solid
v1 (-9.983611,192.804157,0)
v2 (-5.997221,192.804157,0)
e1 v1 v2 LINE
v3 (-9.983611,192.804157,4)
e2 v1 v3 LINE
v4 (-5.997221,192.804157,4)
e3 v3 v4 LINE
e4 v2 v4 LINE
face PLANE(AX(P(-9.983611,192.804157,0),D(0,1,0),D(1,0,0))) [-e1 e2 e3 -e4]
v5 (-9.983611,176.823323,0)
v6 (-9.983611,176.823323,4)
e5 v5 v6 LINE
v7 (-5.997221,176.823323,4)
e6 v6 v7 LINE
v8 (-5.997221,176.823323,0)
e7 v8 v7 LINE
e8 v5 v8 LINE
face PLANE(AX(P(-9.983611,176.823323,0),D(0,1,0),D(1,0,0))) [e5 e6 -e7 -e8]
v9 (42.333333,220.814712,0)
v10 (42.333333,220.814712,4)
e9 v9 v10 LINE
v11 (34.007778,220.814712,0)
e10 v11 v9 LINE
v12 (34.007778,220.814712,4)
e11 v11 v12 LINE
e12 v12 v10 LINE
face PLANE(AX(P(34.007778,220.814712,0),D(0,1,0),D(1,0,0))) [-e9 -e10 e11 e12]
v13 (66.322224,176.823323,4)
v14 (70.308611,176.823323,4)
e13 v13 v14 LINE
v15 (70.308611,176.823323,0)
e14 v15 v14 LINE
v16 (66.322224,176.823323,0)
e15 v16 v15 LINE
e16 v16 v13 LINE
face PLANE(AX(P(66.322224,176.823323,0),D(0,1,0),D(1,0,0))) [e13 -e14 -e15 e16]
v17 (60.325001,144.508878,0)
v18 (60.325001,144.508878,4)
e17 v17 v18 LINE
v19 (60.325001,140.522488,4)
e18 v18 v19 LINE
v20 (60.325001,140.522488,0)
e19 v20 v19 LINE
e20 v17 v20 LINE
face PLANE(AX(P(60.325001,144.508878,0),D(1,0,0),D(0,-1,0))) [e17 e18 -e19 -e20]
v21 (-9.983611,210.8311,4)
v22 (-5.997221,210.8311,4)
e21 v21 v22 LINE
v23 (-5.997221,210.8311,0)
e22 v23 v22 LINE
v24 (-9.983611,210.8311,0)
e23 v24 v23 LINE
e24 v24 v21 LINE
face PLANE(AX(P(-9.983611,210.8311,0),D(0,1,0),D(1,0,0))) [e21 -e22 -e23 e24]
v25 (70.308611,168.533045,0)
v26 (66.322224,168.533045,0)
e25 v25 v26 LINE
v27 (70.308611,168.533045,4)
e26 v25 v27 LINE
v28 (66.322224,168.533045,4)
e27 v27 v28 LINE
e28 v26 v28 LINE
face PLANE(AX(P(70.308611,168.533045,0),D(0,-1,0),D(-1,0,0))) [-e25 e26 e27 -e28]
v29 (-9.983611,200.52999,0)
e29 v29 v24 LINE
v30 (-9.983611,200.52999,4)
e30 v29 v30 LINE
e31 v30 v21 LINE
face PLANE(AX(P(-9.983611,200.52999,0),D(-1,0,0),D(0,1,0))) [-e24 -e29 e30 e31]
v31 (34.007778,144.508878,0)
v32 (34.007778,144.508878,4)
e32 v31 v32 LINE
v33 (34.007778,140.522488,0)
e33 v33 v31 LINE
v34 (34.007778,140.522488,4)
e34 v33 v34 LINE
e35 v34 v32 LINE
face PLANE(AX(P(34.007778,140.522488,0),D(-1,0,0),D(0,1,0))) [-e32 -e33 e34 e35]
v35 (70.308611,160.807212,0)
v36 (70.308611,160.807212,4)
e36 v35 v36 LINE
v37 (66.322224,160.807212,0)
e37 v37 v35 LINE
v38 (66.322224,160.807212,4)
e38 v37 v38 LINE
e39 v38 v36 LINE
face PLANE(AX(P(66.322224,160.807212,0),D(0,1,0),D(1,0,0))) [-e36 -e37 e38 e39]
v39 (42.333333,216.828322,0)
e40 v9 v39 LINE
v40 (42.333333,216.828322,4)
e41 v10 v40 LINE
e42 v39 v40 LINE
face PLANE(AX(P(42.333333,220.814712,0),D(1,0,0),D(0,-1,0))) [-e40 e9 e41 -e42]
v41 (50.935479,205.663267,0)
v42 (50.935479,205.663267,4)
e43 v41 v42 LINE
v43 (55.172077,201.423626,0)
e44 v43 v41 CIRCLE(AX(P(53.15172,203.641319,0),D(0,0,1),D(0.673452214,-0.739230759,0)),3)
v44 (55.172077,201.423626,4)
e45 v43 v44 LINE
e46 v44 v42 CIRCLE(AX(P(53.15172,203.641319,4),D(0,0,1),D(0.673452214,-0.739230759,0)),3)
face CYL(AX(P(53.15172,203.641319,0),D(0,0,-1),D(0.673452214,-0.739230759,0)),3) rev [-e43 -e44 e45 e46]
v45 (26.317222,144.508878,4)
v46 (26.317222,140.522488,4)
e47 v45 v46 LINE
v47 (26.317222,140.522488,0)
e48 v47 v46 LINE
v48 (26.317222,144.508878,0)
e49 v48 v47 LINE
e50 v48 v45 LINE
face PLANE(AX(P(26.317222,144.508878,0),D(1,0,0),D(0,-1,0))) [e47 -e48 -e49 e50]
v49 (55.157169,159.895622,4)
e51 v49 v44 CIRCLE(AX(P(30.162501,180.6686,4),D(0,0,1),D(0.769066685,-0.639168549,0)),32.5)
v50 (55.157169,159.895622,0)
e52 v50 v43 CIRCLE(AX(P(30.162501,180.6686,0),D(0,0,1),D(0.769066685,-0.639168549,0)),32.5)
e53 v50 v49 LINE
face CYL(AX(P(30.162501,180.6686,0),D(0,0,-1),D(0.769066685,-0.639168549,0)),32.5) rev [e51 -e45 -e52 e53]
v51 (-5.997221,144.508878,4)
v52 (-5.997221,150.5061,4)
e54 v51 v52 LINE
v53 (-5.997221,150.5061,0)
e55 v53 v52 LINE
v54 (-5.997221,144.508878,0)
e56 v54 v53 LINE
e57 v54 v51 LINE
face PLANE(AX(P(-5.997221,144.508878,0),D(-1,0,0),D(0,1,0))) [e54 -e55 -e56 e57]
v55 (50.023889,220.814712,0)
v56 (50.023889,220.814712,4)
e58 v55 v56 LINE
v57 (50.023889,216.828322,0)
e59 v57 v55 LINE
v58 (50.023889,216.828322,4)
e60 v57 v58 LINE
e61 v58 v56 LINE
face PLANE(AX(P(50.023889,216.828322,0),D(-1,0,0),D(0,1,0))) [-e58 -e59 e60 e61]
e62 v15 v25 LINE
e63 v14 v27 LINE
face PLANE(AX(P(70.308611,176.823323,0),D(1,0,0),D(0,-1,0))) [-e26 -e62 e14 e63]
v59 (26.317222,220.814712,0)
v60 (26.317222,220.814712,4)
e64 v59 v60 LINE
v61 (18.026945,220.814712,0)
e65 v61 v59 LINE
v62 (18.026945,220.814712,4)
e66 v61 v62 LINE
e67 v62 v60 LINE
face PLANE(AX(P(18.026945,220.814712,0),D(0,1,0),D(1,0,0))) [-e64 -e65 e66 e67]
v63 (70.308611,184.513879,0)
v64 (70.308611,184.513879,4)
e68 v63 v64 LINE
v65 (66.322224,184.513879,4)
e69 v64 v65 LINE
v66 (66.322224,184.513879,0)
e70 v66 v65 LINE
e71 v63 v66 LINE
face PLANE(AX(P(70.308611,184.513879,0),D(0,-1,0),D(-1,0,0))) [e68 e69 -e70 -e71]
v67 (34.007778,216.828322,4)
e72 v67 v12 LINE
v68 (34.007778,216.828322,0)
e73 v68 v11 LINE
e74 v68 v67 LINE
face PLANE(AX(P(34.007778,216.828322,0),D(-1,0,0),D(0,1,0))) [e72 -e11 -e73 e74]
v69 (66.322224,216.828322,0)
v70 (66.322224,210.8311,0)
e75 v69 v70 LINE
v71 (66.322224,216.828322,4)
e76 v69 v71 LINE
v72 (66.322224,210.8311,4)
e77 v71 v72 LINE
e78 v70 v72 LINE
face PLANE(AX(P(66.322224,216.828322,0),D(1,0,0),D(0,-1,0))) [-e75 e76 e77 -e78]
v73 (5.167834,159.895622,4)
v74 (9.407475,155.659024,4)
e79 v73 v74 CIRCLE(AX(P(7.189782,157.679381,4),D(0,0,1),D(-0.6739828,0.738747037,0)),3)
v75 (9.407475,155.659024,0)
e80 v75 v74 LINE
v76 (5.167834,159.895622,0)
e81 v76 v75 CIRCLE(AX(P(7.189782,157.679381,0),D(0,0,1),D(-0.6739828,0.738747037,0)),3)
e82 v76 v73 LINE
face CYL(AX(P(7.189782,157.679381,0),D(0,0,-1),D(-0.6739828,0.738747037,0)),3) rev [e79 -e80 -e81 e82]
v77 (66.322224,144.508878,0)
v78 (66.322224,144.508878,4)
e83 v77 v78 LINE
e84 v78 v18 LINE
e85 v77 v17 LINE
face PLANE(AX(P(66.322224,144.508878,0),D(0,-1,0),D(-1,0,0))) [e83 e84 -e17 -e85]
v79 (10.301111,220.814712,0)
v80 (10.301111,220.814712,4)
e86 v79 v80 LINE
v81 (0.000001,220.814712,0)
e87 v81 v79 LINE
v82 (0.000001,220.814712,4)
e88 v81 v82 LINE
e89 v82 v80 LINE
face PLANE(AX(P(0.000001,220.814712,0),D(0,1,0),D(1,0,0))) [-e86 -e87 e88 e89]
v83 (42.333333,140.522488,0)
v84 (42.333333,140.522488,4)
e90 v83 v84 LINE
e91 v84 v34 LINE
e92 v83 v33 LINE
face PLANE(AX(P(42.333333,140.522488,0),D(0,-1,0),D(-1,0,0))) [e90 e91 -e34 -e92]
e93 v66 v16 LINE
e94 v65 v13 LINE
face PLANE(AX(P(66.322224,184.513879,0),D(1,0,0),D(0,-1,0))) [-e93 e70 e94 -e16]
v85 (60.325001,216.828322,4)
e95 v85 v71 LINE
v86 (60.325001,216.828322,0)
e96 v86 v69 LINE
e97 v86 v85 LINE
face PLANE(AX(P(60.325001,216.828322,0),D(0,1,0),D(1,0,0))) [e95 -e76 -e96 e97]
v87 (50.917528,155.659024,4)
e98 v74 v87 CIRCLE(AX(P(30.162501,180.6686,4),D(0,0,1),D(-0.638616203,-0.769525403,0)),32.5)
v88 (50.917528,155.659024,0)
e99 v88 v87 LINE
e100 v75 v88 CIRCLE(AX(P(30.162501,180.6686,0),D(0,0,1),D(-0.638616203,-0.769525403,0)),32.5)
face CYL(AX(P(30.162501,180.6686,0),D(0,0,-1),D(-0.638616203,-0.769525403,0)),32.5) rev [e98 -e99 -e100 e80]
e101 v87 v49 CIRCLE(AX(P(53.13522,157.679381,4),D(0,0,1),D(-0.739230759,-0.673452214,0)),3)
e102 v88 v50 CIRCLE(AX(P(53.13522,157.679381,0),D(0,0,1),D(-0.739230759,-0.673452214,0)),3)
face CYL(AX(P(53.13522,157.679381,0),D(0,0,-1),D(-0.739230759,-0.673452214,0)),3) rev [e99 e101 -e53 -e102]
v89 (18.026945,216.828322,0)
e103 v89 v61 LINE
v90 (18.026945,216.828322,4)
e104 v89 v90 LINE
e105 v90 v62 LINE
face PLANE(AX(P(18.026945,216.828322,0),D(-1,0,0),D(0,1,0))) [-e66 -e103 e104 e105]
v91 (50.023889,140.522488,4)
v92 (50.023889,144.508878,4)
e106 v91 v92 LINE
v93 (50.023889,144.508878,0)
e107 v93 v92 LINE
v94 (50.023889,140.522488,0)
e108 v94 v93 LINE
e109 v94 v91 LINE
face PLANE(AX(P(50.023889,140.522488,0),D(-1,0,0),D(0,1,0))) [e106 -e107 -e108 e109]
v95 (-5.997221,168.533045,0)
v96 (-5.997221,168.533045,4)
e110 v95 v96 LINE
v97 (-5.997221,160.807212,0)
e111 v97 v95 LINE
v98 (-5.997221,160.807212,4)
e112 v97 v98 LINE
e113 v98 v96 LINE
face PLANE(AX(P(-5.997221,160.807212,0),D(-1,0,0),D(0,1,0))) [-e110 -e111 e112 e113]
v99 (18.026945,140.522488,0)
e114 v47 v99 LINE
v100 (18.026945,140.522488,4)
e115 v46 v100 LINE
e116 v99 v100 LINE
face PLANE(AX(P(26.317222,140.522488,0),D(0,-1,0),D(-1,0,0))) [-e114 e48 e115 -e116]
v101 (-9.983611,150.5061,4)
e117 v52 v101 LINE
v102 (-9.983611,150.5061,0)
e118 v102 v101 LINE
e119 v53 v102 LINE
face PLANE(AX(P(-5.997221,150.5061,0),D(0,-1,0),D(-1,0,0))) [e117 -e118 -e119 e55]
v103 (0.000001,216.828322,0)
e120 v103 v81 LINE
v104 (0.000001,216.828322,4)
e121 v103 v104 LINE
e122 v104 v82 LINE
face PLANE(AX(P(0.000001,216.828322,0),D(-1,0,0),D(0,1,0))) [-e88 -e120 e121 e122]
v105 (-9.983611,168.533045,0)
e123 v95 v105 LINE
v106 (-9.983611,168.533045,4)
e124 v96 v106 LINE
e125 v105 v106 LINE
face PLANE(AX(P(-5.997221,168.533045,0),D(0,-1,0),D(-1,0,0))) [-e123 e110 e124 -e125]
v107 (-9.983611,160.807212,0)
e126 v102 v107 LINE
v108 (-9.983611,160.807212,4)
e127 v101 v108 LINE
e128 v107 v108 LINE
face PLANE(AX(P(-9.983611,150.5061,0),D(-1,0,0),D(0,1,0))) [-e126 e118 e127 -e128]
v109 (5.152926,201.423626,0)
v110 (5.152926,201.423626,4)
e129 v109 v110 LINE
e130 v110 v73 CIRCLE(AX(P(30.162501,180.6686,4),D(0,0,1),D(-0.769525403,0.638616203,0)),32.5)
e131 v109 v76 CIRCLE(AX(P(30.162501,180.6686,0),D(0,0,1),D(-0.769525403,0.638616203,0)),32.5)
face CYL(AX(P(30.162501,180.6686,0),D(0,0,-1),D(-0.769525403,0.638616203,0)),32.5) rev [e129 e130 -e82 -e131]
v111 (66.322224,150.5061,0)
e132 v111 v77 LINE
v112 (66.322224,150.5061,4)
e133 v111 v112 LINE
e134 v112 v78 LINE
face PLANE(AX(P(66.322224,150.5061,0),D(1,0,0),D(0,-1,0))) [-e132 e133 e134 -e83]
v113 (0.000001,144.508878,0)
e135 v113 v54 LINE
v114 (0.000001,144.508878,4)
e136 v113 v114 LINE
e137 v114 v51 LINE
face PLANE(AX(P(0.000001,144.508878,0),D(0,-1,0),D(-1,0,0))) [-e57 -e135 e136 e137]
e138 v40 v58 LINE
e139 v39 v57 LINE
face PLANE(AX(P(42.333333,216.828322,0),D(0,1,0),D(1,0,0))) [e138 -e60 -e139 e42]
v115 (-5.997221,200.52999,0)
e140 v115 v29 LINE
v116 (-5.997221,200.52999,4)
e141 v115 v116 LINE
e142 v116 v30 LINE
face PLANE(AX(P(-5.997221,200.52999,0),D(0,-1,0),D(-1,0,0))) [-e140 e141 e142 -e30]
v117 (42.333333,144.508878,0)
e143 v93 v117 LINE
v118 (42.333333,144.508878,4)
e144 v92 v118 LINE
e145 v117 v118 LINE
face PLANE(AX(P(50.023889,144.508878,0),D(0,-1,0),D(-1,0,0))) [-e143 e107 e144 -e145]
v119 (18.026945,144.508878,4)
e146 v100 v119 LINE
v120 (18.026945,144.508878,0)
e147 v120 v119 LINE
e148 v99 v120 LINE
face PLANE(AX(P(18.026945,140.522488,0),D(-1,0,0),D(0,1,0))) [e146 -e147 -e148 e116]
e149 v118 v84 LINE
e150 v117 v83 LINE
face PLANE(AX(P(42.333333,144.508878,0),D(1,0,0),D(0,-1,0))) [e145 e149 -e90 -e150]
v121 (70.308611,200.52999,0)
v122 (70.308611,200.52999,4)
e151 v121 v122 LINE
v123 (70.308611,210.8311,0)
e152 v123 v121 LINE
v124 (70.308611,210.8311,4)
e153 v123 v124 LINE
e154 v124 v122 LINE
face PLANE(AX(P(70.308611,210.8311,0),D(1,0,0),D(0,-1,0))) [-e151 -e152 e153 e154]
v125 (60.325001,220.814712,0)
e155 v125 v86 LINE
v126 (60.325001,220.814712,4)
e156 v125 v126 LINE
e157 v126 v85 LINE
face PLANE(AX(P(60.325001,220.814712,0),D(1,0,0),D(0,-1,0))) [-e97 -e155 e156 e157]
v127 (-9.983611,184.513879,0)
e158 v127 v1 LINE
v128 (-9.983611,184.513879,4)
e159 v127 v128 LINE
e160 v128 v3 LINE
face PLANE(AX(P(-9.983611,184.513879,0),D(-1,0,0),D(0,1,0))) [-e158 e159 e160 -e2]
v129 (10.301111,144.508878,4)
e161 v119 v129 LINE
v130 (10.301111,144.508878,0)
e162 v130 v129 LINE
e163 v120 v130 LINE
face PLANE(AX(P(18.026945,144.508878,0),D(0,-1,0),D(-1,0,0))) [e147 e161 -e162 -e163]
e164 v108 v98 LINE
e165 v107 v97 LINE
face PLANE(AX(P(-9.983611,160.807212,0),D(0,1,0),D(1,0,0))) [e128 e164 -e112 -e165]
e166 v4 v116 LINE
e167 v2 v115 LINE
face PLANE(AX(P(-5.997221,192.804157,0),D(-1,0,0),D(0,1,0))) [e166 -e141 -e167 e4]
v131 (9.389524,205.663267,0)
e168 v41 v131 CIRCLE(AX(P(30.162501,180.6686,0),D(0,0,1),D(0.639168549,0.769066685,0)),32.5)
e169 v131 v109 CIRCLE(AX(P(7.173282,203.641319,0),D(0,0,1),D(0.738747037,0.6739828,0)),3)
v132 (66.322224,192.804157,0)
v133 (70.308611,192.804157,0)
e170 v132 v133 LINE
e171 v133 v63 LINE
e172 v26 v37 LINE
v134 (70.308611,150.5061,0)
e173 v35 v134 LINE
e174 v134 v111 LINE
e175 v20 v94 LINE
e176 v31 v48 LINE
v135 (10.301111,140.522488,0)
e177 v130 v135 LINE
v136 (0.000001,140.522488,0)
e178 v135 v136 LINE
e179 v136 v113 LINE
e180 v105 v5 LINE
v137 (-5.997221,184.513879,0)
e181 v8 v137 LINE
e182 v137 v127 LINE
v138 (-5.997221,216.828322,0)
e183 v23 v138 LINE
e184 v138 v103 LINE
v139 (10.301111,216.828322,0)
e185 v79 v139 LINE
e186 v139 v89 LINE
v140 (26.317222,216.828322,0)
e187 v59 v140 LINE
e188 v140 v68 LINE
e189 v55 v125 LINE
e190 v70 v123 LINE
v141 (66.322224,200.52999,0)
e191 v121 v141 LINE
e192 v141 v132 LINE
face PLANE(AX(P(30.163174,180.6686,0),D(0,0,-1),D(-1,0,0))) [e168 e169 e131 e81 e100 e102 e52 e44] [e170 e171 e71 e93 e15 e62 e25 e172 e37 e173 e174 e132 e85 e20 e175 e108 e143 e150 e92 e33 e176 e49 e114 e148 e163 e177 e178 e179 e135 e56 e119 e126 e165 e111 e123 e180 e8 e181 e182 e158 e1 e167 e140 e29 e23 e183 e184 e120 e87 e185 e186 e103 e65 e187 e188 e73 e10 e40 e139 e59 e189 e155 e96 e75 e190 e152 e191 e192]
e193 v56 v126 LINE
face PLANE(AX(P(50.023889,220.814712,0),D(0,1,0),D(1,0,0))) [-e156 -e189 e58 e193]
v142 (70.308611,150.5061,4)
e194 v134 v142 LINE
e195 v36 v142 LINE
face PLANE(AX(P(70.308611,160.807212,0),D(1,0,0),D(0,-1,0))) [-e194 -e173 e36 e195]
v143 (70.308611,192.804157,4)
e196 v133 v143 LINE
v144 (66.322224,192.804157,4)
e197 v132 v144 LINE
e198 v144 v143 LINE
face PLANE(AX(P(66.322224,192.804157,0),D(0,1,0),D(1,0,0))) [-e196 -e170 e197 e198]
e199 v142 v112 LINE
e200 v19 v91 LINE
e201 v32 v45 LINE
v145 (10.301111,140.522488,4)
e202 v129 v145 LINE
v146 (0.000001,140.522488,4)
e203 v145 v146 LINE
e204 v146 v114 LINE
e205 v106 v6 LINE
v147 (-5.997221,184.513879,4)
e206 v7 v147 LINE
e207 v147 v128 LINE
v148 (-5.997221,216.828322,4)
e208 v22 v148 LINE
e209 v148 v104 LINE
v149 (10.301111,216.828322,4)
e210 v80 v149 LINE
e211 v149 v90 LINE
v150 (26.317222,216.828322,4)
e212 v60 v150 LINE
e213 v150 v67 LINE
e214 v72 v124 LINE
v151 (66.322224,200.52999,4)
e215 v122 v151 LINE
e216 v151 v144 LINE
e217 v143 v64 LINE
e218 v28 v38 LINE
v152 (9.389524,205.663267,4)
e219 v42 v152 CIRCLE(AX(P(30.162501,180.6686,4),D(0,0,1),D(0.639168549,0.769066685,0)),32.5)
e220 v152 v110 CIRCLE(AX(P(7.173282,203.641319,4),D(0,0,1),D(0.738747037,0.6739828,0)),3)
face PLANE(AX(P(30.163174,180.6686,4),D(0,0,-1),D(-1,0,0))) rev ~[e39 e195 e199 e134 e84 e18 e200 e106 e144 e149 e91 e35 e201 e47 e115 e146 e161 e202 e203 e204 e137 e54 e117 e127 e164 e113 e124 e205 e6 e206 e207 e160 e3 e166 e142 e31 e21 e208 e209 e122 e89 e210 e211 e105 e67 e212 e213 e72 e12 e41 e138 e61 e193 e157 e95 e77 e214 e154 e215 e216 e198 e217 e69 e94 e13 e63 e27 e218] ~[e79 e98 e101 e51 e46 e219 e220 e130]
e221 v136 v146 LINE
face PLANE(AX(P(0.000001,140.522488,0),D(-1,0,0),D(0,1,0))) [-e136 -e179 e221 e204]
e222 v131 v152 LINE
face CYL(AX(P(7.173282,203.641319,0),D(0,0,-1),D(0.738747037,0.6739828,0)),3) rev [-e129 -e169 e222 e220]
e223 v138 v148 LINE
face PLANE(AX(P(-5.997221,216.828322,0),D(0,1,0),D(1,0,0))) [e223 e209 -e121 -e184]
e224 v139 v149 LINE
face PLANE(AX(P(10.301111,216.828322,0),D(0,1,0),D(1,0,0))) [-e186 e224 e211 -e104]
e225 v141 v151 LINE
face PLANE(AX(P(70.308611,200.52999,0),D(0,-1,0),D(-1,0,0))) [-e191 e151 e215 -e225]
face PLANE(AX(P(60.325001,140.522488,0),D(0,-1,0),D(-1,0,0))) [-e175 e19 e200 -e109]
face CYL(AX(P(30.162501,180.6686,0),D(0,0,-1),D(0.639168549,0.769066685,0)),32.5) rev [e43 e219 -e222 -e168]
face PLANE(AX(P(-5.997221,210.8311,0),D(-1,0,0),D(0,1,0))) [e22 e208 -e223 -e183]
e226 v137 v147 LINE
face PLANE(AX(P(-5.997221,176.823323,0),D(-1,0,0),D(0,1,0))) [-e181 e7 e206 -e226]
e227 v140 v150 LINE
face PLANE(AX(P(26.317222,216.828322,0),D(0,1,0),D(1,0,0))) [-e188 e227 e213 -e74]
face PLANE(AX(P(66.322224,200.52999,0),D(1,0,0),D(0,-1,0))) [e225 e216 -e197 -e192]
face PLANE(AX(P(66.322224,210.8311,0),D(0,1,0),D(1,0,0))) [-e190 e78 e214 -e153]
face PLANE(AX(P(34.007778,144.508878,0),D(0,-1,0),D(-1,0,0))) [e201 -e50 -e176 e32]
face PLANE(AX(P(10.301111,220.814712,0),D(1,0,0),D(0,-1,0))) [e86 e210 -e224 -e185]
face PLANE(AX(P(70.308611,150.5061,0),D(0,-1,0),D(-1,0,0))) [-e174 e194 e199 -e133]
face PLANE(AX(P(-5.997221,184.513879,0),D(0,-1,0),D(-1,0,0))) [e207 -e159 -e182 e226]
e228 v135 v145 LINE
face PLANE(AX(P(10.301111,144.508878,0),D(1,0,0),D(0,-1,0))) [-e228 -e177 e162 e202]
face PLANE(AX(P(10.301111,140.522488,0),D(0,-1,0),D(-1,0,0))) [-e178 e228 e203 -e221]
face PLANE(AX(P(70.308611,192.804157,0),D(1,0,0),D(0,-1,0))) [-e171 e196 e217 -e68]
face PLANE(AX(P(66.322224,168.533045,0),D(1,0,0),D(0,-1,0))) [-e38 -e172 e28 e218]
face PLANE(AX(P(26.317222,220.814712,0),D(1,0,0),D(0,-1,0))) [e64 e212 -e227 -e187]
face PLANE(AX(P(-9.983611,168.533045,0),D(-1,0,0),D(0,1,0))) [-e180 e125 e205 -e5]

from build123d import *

# Parameters (mm, degrees)
BOSS_EXTRUDE1_DEPTH = 4


with BuildPart() as part:
    # Model → Boss-Extrude1 (new body)
    with BuildSketch(Plane.XY):
        Polygon((-5.997220875, 216.82832197), (1.346e-06, 216.82832197), (1.346e-06, 220.814711934), (10.301111378, 220.814711934), (10.301111378, 216.82832197), (18.026945247, 216.82832197), (18.026945247, 220.814711934), (26.31722235, 220.814711934), (26.31722235, 216.82832197), (34.007778034, 216.82832197), (34.007778034, 220.814711934), (42.333333323, 220.814711934), (42.333333323, 216.82832197), (50.023888607, 216.82832197), (50.023888607, 220.814711934), (60.325001331, 220.814711934), (60.325001331, 216.82832197), (66.322223551, 216.82832197), (66.322223551, 210.831099749), (70.308610824, 210.831099749), (70.308610824, 200.529989717), (66.322223551, 200.529989717), (66.322223551, 192.80415652), (70.308610824, 192.80415652), (70.308610824, 184.513878576), (66.322223551, 184.513878576), (66.322223551, 176.823322787), (70.308610824, 176.823322787), (70.308610824, 168.533045011), (66.322223551, 168.533045011), (66.322223551, 160.807212487), (70.308610824, 160.807212487), (70.308610824, 150.506099764), (66.322223551, 150.506099764), (66.322223551, 144.508877543), (60.325001331, 144.508877543), (60.325001331, 140.522487579), (50.023888607, 140.522487579), (50.023888607, 144.508877543), (42.333333323, 144.508877543), (42.333333323, 140.522487579), (34.007778034, 140.522487579), (34.007778034, 144.508877543), (26.31722235, 144.508877543), (26.31722235, 140.522487579), (18.026945247, 140.522487579), (18.026945247, 144.508877543), (10.301111378, 144.508877543), (10.301111378, 140.522487579), (1.346e-06, 140.522487579), (1.346e-06, 144.508877543), (-5.997220875, 144.508877543), (-5.997220875, 150.506099764), (-9.983610839, 150.506099764), (-9.983610839, 160.807212487), (-5.997220875, 160.807212487), (-5.997220875, 168.533045011), (-9.983610839, 168.533045011), (-9.983610839, 176.823322787), (-5.997220875, 176.823322787), (-5.997220875, 184.513878576), (-9.983610839, 184.513878576), (-9.983610839, 192.80415652), (-5.997220875, 192.80415652), (-5.997220875, 200.529989717), (-9.983610839, 200.529989717), (-9.983610839, 210.831099749), (-5.997220875, 210.831099749), align=None)
        with BuildLine():
            ThreePointArc((5.152925749, 201.423626349), (-2.337496568, 180.656932441), (5.167834069, 159.895621923))
            ThreePointArc((5.167834069, 159.895621923), (5.069223804, 155.557299062), (9.407474746, 155.659024168))
            ThreePointArc((9.407474746, 155.659024168), (30.162501338, 148.168599756), (50.917527931, 155.659024168))
            ThreePointArc((50.917527931, 155.659024168), (55.255778873, 155.557299062), (55.157168608, 159.895621923))
            ThreePointArc((55.157168608, 159.895621923), (62.662499244, 180.656932441), (55.172076927, 201.423626349))
            ThreePointArc((55.172076927, 201.423626349), (55.273802033, 205.761877291), (50.935479172, 205.663267026))
            ThreePointArc((50.935479172, 205.663267026), (30.162501338, 213.168599756), (9.389523504, 205.663267026))
            ThreePointArc((9.389523504, 205.663267026), (5.051200643, 205.761877291), (5.152925749, 201.423626349))
        make_face(mode=Mode.SUBTRACT)
    extrude(amount=BOSS_EXTRUDE1_DEPTH)


solid = part.part
